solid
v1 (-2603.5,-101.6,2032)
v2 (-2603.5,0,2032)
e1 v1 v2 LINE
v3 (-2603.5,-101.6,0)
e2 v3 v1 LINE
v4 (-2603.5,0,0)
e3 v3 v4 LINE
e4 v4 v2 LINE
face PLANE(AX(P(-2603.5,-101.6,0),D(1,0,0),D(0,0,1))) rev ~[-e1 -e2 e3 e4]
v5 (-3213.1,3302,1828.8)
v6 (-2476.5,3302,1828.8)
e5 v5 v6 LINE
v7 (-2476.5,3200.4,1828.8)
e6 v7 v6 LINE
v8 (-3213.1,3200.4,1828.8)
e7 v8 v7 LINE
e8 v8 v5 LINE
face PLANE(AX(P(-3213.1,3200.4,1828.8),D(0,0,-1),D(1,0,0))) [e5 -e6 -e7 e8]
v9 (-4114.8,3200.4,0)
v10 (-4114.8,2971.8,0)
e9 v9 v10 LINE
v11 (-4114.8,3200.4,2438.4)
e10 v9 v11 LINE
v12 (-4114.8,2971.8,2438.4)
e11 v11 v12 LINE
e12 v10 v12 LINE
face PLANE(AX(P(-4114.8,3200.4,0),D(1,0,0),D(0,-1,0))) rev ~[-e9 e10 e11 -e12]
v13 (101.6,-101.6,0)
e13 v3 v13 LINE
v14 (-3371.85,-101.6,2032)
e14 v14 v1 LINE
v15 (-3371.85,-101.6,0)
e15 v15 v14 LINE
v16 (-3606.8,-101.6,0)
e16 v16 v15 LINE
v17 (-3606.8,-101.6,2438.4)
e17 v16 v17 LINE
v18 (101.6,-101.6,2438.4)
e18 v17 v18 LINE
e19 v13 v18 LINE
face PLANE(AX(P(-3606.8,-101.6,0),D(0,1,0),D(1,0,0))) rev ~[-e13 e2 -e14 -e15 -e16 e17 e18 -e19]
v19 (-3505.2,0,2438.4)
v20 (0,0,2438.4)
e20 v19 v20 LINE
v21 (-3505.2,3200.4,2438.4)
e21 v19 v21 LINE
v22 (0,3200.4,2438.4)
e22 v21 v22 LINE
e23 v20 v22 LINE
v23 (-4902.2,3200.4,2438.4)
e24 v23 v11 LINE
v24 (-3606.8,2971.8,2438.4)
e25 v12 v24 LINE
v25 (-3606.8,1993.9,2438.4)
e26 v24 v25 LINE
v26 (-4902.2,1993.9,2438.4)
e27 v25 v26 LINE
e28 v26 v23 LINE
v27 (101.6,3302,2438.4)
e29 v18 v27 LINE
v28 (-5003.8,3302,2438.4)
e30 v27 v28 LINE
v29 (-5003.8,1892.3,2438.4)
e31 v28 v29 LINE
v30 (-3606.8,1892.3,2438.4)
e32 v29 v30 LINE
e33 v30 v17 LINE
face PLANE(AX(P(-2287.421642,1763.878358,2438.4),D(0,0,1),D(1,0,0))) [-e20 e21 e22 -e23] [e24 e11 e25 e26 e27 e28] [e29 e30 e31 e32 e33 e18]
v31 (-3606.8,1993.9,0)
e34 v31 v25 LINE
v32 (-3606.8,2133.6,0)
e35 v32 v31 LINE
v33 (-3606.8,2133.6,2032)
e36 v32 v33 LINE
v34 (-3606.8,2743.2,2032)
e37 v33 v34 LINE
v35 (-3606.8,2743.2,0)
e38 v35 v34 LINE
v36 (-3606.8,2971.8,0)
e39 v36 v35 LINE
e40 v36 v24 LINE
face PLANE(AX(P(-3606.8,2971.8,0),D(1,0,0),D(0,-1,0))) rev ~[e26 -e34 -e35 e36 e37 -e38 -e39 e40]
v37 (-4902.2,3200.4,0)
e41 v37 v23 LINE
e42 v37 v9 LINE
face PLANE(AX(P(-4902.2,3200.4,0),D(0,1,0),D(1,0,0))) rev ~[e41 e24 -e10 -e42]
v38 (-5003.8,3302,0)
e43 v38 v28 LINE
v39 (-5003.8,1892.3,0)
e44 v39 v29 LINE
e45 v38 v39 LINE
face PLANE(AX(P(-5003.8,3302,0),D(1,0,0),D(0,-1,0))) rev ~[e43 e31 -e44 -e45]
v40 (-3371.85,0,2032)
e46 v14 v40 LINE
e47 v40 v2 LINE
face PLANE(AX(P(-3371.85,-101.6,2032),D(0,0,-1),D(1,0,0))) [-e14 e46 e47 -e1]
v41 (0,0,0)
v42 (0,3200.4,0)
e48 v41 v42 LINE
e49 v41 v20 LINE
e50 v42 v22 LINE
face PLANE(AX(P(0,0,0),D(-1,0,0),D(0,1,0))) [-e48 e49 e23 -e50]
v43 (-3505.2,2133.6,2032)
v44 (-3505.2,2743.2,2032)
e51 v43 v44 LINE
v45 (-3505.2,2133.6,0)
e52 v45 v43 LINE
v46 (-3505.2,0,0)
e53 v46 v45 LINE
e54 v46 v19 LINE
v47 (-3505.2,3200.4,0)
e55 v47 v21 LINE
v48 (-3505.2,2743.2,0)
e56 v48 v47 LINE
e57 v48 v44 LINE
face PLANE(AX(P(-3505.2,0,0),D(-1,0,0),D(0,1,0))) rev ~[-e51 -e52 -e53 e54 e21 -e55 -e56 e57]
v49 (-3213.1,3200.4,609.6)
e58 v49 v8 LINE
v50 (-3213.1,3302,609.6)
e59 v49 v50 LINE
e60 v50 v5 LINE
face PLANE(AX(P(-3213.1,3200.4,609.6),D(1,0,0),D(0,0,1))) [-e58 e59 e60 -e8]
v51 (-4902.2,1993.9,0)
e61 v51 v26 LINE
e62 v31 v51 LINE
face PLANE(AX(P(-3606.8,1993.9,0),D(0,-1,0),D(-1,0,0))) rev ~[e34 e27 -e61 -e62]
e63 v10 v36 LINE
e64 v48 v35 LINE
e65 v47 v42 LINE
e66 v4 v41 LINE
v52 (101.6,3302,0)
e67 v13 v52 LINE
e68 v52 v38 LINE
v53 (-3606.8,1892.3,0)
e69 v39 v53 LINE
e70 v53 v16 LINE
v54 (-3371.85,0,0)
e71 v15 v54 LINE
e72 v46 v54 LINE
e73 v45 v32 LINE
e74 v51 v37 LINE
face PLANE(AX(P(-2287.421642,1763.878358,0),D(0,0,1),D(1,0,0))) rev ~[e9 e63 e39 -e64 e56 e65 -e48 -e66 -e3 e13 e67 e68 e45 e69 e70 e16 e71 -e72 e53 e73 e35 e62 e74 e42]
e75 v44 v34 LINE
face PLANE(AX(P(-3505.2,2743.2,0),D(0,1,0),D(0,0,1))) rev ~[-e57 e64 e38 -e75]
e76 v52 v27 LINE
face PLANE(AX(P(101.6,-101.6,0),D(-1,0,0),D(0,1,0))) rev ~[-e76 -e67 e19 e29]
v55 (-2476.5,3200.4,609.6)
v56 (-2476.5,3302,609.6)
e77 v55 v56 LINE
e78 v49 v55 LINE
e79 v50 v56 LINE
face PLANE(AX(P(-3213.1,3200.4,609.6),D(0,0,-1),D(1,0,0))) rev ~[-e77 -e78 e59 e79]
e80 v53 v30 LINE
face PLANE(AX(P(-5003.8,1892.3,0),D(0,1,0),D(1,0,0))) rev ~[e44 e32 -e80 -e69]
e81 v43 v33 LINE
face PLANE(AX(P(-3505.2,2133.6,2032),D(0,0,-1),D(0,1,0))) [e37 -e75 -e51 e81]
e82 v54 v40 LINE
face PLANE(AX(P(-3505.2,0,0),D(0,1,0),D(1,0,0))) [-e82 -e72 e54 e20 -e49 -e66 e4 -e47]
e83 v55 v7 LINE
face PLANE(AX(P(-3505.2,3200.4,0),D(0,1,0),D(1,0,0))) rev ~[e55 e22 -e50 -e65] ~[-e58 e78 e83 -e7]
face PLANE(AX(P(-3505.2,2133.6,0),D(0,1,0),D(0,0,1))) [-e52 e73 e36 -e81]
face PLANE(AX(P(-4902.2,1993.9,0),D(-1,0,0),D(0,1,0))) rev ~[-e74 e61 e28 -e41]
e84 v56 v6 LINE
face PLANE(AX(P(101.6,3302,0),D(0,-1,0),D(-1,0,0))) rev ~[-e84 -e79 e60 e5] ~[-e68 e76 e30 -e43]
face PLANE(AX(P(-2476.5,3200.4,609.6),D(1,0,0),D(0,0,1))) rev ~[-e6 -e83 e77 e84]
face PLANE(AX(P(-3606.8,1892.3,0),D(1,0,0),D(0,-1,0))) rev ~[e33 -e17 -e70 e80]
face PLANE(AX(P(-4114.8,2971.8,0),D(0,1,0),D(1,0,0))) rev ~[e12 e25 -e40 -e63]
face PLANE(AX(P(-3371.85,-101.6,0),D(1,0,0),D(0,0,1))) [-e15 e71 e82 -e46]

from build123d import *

# Parameters (mm, degrees)
F0_W     = 3505.2
F0_H     = 3200.4
F1_DEPTH = 2438.4
F2_W     = 768.35
F2_H     = 2032
F3_DEPTH = 101.6
F4_W     = 736.6
F4_H     = 1219.2
F5_DEPTH = 101.6
F6_W     = 609.6
F6_H     = 2032
F7_DEPTH = 101.6


with BuildPart() as f1:
    # F0 (on Top) → F1 (new body)
    with BuildSketch(Plane.XY):
        Polygon((-3606.8, -101.6), (101.6, -101.6), (101.6, 3302), (-5003.8, 3302), (-5003.8, 1892.3), (-3606.8, 1892.3), align=None)
        Polygon((-4902.2, 1993.9), (-4902.2, 3200.4), (-4114.8, 3200.4), (-4114.8, 2971.8), (-3606.8, 2971.8), (-3606.8, 1993.9), align=None, mode=Mode.SUBTRACT)
        with Locations((-1752.6, 1600.2)):
            Rectangle(F0_W, F0_H, mode=Mode.SUBTRACT)
    extrude(amount=F1_DEPTH)

    # F2 (on face) → F3 (cut)
    with BuildSketch(Plane.XZ.offset(101.6)):
        with Locations((-2987.675, 1016)):
            Rectangle(F2_W, F2_H)
    extrude(amount=-F3_DEPTH, mode=Mode.SUBTRACT)

    # F4 (on face) → F5 (cut)
    with BuildSketch(Plane.XZ.offset(-3200.4)):
        with Locations((-2844.8, 1219.2)):
            Rectangle(F4_W, F4_H)
    extrude(amount=-F5_DEPTH, mode=Mode.SUBTRACT)

    # F6 (on face) → F7 (cut)
    with BuildSketch(Plane.YZ.offset(-3505.2)):
        with Locations((2438.4, 1016)):
            Rectangle(F6_W, F6_H)
    extrude(amount=-F7_DEPTH, mode=Mode.SUBTRACT)


solid = f1.part
